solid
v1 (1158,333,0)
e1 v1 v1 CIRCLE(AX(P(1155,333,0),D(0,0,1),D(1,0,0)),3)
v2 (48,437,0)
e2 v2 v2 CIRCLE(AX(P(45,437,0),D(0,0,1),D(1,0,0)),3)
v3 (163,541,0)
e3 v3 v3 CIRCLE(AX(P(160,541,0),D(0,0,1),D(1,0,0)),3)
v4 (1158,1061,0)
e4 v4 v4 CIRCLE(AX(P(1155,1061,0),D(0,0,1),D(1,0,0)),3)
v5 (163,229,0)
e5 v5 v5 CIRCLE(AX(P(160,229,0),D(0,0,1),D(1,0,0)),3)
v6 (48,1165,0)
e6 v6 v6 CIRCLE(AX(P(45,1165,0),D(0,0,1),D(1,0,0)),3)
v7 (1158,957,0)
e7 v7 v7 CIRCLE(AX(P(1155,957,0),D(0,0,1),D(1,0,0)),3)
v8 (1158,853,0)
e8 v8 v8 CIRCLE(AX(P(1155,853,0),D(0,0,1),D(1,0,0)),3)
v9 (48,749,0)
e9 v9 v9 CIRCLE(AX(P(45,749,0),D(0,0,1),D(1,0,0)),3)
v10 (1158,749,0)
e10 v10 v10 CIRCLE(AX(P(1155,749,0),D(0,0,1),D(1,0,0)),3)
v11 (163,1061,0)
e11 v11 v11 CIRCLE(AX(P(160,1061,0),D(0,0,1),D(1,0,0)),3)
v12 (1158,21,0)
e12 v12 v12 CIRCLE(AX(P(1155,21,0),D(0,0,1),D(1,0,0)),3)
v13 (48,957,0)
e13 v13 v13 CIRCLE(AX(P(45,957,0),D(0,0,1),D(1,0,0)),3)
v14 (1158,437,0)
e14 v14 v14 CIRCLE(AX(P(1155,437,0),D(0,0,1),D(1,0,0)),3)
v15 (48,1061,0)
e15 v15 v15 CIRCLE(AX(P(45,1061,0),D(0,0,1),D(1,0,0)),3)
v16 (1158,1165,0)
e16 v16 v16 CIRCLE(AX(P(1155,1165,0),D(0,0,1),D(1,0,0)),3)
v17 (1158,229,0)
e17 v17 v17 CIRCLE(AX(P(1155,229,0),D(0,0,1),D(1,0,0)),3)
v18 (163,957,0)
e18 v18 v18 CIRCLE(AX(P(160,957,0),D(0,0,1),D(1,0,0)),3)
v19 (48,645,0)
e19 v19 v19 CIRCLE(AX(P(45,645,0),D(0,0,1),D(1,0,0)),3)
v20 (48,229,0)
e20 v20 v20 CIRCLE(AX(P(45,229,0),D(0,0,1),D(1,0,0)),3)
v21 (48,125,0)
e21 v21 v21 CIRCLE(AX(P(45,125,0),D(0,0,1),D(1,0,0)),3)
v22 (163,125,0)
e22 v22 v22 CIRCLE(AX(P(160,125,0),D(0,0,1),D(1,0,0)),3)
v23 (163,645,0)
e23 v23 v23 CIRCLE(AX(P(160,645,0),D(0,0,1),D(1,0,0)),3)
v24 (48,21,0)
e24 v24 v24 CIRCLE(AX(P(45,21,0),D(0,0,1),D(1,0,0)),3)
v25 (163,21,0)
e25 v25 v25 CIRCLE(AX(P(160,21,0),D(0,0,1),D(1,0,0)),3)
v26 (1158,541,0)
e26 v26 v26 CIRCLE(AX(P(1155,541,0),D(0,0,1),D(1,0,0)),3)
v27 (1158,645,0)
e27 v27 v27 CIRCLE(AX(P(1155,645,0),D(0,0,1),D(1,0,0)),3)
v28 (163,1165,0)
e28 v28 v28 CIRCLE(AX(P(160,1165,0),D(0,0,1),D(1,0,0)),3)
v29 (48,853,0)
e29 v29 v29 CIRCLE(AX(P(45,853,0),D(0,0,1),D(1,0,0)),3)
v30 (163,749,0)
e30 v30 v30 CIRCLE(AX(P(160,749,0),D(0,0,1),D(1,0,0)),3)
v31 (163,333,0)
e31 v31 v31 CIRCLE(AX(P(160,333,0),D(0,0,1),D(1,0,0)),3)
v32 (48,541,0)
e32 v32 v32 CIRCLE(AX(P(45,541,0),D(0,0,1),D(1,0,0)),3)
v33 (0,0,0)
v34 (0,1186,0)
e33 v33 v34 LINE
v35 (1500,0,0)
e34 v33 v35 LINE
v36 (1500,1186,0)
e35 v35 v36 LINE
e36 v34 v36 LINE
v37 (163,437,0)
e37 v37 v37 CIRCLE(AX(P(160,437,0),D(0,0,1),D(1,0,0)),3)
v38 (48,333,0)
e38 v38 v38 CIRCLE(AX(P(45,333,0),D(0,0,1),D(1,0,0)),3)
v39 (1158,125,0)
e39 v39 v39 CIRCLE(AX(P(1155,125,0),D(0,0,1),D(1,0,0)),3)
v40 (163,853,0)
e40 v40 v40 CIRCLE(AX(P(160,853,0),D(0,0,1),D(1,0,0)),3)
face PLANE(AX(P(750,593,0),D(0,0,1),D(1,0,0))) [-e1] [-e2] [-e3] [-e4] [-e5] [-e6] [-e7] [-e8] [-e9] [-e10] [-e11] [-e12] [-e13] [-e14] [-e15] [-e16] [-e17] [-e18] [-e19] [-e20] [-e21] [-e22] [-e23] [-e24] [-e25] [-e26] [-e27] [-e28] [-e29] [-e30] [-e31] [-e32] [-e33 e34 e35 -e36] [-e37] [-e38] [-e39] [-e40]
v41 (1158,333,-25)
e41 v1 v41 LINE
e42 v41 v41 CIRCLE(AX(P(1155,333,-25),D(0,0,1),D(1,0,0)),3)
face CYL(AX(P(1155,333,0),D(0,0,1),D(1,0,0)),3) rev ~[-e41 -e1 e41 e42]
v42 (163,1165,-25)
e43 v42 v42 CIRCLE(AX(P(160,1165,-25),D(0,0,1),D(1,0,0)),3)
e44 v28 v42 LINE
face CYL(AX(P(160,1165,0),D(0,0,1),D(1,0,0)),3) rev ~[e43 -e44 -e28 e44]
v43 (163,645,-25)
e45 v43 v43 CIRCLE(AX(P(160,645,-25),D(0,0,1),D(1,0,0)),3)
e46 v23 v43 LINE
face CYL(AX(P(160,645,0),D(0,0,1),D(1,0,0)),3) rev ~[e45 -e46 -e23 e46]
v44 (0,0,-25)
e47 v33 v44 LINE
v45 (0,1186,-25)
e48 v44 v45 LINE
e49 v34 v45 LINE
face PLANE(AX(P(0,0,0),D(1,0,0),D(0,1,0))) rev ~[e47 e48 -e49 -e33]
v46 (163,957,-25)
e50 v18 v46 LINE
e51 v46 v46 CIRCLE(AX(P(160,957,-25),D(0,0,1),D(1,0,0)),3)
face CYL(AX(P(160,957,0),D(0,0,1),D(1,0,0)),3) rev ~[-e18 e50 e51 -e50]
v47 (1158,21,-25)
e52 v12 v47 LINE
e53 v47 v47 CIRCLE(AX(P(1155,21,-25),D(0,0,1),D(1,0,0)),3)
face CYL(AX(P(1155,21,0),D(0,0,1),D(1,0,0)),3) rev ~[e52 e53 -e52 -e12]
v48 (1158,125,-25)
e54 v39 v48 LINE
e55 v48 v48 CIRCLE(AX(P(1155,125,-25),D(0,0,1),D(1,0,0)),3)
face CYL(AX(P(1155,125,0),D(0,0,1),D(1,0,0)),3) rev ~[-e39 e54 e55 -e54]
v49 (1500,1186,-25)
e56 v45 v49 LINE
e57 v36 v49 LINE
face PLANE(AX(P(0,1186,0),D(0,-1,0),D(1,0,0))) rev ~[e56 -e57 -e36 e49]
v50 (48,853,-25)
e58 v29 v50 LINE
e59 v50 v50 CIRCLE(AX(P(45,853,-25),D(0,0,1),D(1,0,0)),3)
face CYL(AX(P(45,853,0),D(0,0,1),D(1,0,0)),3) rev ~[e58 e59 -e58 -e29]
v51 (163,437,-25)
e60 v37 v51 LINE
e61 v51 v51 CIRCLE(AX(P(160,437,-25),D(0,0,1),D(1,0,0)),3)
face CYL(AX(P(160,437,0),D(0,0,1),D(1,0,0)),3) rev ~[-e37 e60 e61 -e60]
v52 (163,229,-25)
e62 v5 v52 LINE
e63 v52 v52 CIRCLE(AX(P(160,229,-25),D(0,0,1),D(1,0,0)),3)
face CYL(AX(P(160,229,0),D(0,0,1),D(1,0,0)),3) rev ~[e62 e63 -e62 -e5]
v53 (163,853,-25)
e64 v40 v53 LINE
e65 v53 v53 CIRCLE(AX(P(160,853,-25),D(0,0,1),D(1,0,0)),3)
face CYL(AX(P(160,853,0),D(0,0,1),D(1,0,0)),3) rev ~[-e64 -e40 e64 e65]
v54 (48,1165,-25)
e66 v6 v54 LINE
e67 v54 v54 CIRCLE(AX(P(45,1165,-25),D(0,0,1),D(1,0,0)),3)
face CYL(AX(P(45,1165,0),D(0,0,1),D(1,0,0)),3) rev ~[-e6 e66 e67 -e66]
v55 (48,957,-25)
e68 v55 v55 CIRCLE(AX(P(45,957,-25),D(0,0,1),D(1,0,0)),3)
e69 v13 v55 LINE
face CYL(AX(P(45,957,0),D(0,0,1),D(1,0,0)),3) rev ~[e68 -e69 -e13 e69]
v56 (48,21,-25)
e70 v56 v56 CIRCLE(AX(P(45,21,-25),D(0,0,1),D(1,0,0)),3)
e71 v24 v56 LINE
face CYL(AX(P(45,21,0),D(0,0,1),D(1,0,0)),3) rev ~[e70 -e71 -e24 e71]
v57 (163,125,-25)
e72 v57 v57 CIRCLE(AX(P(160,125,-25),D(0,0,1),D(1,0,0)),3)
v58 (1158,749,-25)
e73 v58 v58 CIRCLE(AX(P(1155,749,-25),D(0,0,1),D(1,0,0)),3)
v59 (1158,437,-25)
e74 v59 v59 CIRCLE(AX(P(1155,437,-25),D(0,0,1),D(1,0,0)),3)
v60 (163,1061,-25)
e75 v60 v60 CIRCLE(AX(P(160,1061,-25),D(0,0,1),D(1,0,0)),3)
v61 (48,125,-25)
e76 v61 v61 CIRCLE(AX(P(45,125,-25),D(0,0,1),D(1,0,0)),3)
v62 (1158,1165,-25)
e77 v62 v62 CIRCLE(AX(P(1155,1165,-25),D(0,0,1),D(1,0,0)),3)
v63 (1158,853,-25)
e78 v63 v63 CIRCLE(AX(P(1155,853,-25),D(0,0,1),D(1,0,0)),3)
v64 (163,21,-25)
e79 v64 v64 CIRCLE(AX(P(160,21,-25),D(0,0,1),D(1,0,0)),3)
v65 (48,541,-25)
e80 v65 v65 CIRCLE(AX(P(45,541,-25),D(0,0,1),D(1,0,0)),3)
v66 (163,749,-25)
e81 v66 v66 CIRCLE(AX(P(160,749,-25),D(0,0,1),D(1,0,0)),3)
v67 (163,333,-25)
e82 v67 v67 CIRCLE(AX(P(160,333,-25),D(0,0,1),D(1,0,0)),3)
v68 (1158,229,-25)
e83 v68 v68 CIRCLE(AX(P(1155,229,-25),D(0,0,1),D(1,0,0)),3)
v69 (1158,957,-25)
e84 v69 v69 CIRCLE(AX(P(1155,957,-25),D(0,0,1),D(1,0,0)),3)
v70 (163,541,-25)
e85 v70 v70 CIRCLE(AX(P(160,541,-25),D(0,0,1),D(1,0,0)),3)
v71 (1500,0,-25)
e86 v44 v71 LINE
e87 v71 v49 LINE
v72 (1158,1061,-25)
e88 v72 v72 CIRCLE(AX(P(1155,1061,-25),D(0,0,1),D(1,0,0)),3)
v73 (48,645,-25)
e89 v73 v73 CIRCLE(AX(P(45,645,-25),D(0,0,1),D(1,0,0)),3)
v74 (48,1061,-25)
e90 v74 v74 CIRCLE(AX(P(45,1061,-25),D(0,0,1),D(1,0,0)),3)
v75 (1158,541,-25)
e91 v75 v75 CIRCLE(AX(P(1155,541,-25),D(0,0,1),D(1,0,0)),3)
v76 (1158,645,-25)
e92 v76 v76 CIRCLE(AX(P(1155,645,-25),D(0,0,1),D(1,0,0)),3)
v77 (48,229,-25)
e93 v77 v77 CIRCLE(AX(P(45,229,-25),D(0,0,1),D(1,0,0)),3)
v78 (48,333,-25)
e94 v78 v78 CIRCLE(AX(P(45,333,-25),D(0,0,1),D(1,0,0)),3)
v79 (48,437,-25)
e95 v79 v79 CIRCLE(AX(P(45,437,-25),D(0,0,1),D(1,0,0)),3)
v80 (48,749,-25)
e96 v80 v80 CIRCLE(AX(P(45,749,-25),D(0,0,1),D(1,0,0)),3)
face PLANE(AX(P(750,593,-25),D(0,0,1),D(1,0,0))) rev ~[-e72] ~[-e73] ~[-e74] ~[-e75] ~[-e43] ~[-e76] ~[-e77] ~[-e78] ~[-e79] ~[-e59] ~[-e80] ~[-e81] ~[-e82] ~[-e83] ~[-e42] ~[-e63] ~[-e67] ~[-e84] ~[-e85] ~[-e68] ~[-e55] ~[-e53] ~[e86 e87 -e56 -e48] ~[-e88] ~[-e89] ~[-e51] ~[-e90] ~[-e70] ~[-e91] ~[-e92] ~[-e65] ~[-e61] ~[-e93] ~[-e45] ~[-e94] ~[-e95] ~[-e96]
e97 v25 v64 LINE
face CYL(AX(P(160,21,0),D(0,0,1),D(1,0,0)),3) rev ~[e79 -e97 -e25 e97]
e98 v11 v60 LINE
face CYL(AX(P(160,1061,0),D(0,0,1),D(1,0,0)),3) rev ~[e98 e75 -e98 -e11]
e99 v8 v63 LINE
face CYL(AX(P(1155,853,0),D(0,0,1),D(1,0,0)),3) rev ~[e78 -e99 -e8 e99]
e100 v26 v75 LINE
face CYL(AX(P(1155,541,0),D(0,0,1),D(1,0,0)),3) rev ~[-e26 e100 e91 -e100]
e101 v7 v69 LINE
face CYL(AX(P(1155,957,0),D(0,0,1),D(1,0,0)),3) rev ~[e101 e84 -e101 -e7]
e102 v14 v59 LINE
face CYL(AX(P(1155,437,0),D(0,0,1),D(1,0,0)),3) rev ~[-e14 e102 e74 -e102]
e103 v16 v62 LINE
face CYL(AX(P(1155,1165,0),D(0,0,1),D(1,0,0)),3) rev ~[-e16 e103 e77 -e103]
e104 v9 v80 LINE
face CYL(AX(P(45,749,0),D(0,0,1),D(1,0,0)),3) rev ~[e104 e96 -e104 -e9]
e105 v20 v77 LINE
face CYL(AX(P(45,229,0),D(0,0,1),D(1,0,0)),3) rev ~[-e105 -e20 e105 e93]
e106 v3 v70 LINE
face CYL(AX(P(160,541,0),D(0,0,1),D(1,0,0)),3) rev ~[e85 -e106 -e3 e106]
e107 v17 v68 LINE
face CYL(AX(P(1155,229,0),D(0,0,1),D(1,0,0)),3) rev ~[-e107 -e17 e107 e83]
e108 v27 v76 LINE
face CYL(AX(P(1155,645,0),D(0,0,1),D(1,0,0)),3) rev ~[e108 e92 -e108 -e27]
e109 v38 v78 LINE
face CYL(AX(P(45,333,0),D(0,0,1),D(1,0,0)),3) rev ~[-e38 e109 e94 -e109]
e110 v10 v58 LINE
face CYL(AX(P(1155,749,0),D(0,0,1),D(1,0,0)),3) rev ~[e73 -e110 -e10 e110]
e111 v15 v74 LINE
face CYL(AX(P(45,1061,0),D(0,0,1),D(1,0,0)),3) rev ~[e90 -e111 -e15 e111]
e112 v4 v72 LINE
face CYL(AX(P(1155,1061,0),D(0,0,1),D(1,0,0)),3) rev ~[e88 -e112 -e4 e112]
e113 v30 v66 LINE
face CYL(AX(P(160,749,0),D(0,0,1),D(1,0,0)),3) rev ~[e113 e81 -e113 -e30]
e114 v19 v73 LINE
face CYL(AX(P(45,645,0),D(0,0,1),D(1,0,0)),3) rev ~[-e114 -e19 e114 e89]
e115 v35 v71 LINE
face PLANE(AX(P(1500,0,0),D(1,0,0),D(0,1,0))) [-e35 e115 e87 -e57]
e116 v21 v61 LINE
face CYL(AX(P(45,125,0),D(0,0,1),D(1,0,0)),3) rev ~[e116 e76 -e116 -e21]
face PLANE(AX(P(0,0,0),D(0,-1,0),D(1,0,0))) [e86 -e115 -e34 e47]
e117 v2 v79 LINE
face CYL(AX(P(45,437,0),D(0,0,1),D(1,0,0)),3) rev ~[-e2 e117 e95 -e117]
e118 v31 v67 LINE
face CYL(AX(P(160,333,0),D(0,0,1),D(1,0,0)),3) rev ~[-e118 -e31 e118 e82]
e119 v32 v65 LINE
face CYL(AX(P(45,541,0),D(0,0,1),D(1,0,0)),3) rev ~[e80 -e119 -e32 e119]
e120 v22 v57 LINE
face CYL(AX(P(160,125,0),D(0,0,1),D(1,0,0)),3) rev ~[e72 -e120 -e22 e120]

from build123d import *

# Parameters (mm, degrees)
F0_W     = 1500
F0_H     = 1186
F1_DEPTH = 25
F2_R     = 3
F3_DEPTH = 25


with BuildPart() as f1:
    # F0 (on Top) → F1 (new body)
    with BuildSketch(Plane.XY):
        with Locations((750, 593)):
            Rectangle(F0_W, F0_H)
    extrude(amount=-F1_DEPTH)

    # F2 (on face) → F3 (cut)
    with BuildSketch(Plane.XY):
        with Locations((45, 21)):
            Circle(F2_R)
        with Locations((45, 125)):
            Circle(F2_R)
        with Locations((45, 229)):
            Circle(F2_R)
        with Locations((45, 333)):
            Circle(F2_R)
        with Locations((45, 437)):
            Circle(F2_R)
        with Locations((45, 541)):
            Circle(F2_R)
        with Locations((45, 645)):
            Circle(F2_R)
        with Locations((45, 749)):
            Circle(F2_R)
        with Locations((45, 853)):
            Circle(F2_R)
        with Locations((45, 957)):
            Circle(F2_R)
        with Locations((45, 1061)):
            Circle(F2_R)
        with Locations((45, 1165)):
            Circle(F2_R)
        with Locations((160, 21)):
            Circle(F2_R)
        with Locations((160, 125)):
            Circle(F2_R)
        with Locations((160, 229)):
            Circle(F2_R)
        with Locations((160, 333)):
            Circle(F2_R)
        with Locations((160, 437)):
            Circle(F2_R)
        with Locations((160, 541)):
            Circle(F2_R)
        with Locations((160, 645)):
            Circle(F2_R)
        with Locations((160, 749)):
            Circle(F2_R)
        with Locations((160, 853)):
            Circle(F2_R)
        with Locations((160, 957)):
            Circle(F2_R)
        with Locations((160, 1061)):
            Circle(F2_R)
        with Locations((160, 1165)):
            Circle(F2_R)
        with Locations((1155, 1165)):
            Circle(F2_R)
        with Locations((1155, 1061)):
            Circle(F2_R)
        with Locations((1155, 957)):
            Circle(F2_R)
        with Locations((1155, 749)):
            Circle(F2_R)
        with Locations((1155, 541)):
            Circle(F2_R)
        with Locations((1155, 333)):
            Circle(F2_R)
        with Locations((1155, 125)):
            Circle(F2_R)
        with Locations((1155, 853)):
            Circle(F2_R)
        with Locations((1155, 645)):
            Circle(F2_R)
        with Locations((1155, 437)):
            Circle(F2_R)
        with Locations((1155, 229)):
            Circle(F2_R)
        with Locations((1155, 21)):
            Circle(F2_R)
    extrude(amount=-F3_DEPTH, mode=Mode.SUBTRACT)


solid = f1.part
